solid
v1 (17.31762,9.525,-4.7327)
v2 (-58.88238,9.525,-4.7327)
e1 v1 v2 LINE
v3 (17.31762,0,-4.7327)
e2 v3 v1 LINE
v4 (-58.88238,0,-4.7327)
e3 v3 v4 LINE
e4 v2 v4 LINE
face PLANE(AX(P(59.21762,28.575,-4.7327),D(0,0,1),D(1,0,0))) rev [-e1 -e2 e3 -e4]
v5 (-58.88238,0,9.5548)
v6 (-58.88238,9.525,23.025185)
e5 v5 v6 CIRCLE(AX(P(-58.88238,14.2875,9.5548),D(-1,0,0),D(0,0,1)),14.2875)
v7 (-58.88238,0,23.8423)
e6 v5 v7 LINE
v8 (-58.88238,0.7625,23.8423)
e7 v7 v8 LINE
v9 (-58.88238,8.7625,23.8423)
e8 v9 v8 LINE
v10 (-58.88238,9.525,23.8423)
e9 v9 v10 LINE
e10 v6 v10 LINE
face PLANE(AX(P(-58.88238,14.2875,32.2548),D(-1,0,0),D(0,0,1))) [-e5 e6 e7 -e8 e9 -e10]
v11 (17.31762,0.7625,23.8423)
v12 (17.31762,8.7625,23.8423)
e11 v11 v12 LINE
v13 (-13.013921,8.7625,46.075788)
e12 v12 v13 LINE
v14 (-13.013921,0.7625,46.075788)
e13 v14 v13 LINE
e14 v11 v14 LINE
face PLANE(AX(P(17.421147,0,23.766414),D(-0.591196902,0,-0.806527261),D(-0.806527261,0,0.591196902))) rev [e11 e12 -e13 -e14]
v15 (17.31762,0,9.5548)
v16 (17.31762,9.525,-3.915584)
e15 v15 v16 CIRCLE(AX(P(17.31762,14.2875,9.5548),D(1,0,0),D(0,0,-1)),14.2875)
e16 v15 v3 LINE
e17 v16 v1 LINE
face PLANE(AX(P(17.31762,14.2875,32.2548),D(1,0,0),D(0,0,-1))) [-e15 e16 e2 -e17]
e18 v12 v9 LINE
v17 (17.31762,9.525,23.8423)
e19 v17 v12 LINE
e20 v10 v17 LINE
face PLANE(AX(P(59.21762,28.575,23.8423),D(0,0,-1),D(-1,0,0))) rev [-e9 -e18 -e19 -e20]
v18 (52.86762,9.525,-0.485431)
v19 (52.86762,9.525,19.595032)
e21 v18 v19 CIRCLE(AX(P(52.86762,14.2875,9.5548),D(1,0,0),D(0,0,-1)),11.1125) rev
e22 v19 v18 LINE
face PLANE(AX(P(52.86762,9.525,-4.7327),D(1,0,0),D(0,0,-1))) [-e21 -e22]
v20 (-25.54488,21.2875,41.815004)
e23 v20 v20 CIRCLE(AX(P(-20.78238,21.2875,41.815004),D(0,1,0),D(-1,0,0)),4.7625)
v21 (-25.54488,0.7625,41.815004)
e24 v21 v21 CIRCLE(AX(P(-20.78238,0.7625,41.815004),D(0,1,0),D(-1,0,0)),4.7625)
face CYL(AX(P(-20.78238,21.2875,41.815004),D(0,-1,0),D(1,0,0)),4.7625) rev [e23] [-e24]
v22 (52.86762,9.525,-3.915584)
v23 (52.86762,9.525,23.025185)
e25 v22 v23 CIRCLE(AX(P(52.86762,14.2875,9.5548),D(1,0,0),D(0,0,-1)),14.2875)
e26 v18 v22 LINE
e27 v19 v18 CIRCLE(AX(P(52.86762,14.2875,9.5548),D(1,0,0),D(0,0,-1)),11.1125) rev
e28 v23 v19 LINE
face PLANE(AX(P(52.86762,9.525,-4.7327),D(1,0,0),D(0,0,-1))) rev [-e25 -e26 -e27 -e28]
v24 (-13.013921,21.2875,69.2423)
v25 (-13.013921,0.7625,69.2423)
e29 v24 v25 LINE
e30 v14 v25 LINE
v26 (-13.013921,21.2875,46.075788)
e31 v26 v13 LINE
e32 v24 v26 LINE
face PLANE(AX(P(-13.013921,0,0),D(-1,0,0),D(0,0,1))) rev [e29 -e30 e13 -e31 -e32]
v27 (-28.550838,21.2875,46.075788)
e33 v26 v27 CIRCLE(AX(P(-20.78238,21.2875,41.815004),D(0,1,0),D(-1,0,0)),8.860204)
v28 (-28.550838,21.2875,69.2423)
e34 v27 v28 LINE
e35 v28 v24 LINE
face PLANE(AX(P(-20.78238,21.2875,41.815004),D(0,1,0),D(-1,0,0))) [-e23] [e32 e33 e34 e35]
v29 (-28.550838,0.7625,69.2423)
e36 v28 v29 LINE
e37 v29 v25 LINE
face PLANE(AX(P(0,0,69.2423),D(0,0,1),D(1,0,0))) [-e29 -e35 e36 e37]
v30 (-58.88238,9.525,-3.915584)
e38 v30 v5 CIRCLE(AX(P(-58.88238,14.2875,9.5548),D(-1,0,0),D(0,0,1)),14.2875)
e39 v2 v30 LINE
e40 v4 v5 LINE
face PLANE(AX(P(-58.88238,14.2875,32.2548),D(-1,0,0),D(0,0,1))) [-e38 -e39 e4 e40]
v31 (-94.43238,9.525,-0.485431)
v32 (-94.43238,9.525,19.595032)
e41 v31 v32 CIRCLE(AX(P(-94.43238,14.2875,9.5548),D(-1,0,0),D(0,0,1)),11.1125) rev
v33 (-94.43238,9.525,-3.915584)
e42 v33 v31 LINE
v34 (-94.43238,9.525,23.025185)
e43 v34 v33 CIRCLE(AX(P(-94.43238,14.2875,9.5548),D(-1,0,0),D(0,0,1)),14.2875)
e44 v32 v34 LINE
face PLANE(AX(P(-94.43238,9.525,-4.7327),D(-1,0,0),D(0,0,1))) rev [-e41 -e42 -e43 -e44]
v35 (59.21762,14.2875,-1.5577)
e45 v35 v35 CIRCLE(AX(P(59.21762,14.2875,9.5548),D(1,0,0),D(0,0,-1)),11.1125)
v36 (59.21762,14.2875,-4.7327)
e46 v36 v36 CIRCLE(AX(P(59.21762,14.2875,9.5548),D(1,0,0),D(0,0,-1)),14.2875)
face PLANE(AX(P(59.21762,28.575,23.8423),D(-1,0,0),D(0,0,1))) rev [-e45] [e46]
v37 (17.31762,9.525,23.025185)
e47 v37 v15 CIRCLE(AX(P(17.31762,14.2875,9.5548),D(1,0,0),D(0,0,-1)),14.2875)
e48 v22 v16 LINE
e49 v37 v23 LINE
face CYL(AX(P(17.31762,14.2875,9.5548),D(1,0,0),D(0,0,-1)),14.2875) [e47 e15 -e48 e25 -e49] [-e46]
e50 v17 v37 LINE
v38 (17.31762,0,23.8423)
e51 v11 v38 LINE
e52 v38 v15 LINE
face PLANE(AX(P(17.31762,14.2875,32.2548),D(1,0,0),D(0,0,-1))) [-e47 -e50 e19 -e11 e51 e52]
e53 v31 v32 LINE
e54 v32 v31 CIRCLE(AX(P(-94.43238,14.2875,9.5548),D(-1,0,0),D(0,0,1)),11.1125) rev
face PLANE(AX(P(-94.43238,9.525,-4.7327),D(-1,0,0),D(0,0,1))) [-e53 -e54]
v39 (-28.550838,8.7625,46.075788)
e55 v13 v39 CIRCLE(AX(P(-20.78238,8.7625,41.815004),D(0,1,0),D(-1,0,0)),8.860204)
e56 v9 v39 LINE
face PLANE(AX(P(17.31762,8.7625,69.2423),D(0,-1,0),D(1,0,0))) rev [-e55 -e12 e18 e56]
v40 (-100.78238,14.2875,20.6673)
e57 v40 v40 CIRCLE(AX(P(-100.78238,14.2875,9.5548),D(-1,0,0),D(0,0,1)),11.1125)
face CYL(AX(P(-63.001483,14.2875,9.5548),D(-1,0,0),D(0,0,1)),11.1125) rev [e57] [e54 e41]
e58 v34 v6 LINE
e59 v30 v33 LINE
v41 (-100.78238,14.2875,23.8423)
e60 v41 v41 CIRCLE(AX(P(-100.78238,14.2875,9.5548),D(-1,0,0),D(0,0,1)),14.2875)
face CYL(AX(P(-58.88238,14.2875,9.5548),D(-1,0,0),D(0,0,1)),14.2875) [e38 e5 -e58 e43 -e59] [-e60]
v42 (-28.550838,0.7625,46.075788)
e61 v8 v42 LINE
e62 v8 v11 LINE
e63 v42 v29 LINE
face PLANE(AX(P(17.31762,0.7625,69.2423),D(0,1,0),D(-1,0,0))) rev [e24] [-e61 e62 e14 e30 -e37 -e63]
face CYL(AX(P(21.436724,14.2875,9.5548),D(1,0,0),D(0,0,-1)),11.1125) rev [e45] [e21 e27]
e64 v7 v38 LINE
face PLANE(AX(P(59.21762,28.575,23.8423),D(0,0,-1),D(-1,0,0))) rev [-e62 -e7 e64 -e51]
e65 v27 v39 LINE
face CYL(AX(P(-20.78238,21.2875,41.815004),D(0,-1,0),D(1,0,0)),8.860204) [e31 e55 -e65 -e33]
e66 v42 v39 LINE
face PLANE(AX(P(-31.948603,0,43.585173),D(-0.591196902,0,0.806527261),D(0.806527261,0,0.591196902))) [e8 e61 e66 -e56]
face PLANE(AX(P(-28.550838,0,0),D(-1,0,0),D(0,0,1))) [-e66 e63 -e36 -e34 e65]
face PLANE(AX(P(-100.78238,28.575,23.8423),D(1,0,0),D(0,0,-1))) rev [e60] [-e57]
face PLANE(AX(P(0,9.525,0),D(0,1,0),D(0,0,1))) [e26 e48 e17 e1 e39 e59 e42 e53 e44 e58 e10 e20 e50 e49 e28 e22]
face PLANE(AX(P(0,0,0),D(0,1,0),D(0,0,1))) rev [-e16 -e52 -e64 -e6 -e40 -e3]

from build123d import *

# Parameters (mm, degrees)
SKETCH1_W           = 160
SKETCH1_H           = 28.575
BOSS_EXTRUDE1_DEPTH = 28.575
SKETCH3_W           = 147.3
SKETCH3_H           = 28.575
CUT_EXTRUDE3_DEPTH  = 19.05
SKETCH4_W           = 76.2
SKETCH4_H           = 8
BOSS_EXTRUDE2_DEPTH = 45.4
CUT_EXTRUDE8_DEPTH  = 124.871382326
SKETCH9_R           = 4.7625
BOSS_EXTRUDE4_DEPTH = 12.525
SKETCH10_R          = 4.7625
CUT_EXTRUDE10_DEPTH = 124.871382326
CUT_EXTRUDE11_START = -41.9
SKETCH2_OUTSIDE_W   = 111.689
SKETCH2_OUTSIDE_H   = 66.289
SKETCH2_OUTSIDE_R   = 14.2875
CUT_EXTRUDE11_DEPTH = 41.9
CUT_EXTRUDE13_START = -41.9
SKETCH13_OUTSIDE_W  = 111.689
SKETCH13_OUTSIDE_H  = 66.289
SKETCH13_OUTSIDE_R  = 14.2875
CUT_EXTRUDE13_DEPTH = 41.9
SKETCH14_R          = 11.1125
CUT_EXTRUDE14_DEPTH = 6.35
CUT_EXTRUDE15_START = -6.35
SKETCH15_R          = 11.1125
CUT_EXTRUDE15_DEPTH = 6.35


with BuildPart() as part:
    # Sketch1 → Boss-Extrude1 (new body)
    with BuildSketch(Plane(origin=(0, 0, 0), x_dir=(1, 0, 0), z_dir=(0, 1, 0))):
        with Locations((-20.782379652, -9.554800327)):
            Rectangle(SKETCH1_W, SKETCH1_H)
    extrude(amount=BOSS_EXTRUDE1_DEPTH)

    # Sketch3 → Cut-Extrude3 (cut)
    with BuildSketch(Plane(origin=(0, 28.575, 0), x_dir=(1, 0, 0), z_dir=(0, 1, 0))):
        with Locations((-20.782379652, -9.554800327)):
            Rectangle(SKETCH3_W, SKETCH3_H)
    extrude(amount=-CUT_EXTRUDE3_DEPTH, mode=Mode.SUBTRACT)

    # Sketch4 → Boss-Extrude2 (add)
    with BuildSketch(Plane.XY.offset(23.842300327)):
        with Locations((-20.782379652, 4.7625)):
            Rectangle(SKETCH4_W, SKETCH4_H)
    extrude(amount=BOSS_EXTRUDE2_DEPTH)

    # Sketch5 → Cut-Extrude8 (cut, through all)
    with BuildSketch(Plane(origin=(0, 8.7625, 0), x_dir=(1, 0, 0), z_dir=(0, 1, 0))):
        Polygon((-13.013921372, -46.075787503), (-13.013921372, -69.242300327), (17.317620348, -69.242300327), (17.317620348, -23.842300327), align=None)
        Polygon((-28.550837933, -69.242300327), (-28.550837933, -46.075787503), (-58.882379652, -23.842300327), (-58.882379652, -69.242300327), align=None)
    extrude(amount=-CUT_EXTRUDE8_DEPTH, mode=Mode.SUBTRACT)

    # Sketch9 → Boss-Extrude4 (add)
    with BuildSketch(Plane(origin=(0, 8.7625, 0), x_dir=(1, 0, 0), z_dir=(0, 1, 0))):
        with BuildLine():
            Line((-28.550837933, -46.075787503), (-28.550837933, -69.242300327))
            Line((-28.550837933, -69.242300327), (-13.013921372, -69.242300327))
            Line((-13.013921372, -69.242300327), (-13.013921372, -46.075787503))
            ThreePointArc((-13.013921372, -46.075787503), (-20.782379652, -32.954800327), (-28.550837933, -46.075787503))
        make_face()
        with Locations(Location((-20.782379652, -41.815004419, 0), (0, 0, 180))):
            Circle(SKETCH9_R, mode=Mode.SUBTRACT)
    extrude(amount=BOSS_EXTRUDE4_DEPTH)

    # Sketch10 → Cut-Extrude10 (cut, through all)
    with BuildSketch(Plane(origin=(0, 8.7625, 0), x_dir=(1, 0, 0), z_dir=(0, 1, 0))):
        with Locations(Location((-20.782379652, -41.815004419, 0), (0, 0, 180))):
            Circle(SKETCH10_R)
    extrude(amount=-CUT_EXTRUDE10_DEPTH, mode=Mode.SUBTRACT)

    # Sketch2 outside → Cut-Extrude11 (cut)
    with BuildSketch(Plane(origin=(59.217620348, 0, 0), x_dir=(0, 0, -1), z_dir=(1, 0, 0)).offset(CUT_EXTRUDE11_START)):
        with Locations((-32.2545, 14.2875)):
            Rectangle(SKETCH2_OUTSIDE_W, SKETCH2_OUTSIDE_H)
        with Locations((-9.554800327, 14.2875)):
            Circle(SKETCH2_OUTSIDE_R, mode=Mode.SUBTRACT)
    extrude(amount=CUT_EXTRUDE11_DEPTH, mode=Mode.SUBTRACT)

    # Sketch13 outside → Cut-Extrude13 (cut)
    with BuildSketch(Plane.ZY.offset(100.782379652).offset(CUT_EXTRUDE13_START)):
        with Locations((32.2545, 14.2875)):
            Rectangle(SKETCH13_OUTSIDE_W, SKETCH13_OUTSIDE_H)
        with Locations(Location((9.554800327, 14.2875, 0), (0, 0, 180))):
            Circle(SKETCH13_OUTSIDE_R, mode=Mode.SUBTRACT)
    extrude(amount=CUT_EXTRUDE13_DEPTH, mode=Mode.SUBTRACT)

    # Sketch14 → Cut-Extrude14 (cut)
    with BuildSketch(Plane(origin=(59.217620348, 0, 0), x_dir=(0, 0, -1), z_dir=(1, 0, 0))):
        with Locations((-9.554800327, 14.2875)):
            Circle(SKETCH14_R)
    extrude(amount=-CUT_EXTRUDE14_DEPTH, mode=Mode.SUBTRACT)

    # Sketch15 → Cut-Extrude15 (cut)
    with BuildSketch(Plane.ZY.offset(100.782379652).offset(CUT_EXTRUDE15_START)):
        with Locations(Location((9.554800327, 14.2875, 0), (0, 0, 180))):
            Circle(SKETCH15_R)
    extrude(amount=CUT_EXTRUDE15_DEPTH, mode=Mode.SUBTRACT)


solid = part.part
